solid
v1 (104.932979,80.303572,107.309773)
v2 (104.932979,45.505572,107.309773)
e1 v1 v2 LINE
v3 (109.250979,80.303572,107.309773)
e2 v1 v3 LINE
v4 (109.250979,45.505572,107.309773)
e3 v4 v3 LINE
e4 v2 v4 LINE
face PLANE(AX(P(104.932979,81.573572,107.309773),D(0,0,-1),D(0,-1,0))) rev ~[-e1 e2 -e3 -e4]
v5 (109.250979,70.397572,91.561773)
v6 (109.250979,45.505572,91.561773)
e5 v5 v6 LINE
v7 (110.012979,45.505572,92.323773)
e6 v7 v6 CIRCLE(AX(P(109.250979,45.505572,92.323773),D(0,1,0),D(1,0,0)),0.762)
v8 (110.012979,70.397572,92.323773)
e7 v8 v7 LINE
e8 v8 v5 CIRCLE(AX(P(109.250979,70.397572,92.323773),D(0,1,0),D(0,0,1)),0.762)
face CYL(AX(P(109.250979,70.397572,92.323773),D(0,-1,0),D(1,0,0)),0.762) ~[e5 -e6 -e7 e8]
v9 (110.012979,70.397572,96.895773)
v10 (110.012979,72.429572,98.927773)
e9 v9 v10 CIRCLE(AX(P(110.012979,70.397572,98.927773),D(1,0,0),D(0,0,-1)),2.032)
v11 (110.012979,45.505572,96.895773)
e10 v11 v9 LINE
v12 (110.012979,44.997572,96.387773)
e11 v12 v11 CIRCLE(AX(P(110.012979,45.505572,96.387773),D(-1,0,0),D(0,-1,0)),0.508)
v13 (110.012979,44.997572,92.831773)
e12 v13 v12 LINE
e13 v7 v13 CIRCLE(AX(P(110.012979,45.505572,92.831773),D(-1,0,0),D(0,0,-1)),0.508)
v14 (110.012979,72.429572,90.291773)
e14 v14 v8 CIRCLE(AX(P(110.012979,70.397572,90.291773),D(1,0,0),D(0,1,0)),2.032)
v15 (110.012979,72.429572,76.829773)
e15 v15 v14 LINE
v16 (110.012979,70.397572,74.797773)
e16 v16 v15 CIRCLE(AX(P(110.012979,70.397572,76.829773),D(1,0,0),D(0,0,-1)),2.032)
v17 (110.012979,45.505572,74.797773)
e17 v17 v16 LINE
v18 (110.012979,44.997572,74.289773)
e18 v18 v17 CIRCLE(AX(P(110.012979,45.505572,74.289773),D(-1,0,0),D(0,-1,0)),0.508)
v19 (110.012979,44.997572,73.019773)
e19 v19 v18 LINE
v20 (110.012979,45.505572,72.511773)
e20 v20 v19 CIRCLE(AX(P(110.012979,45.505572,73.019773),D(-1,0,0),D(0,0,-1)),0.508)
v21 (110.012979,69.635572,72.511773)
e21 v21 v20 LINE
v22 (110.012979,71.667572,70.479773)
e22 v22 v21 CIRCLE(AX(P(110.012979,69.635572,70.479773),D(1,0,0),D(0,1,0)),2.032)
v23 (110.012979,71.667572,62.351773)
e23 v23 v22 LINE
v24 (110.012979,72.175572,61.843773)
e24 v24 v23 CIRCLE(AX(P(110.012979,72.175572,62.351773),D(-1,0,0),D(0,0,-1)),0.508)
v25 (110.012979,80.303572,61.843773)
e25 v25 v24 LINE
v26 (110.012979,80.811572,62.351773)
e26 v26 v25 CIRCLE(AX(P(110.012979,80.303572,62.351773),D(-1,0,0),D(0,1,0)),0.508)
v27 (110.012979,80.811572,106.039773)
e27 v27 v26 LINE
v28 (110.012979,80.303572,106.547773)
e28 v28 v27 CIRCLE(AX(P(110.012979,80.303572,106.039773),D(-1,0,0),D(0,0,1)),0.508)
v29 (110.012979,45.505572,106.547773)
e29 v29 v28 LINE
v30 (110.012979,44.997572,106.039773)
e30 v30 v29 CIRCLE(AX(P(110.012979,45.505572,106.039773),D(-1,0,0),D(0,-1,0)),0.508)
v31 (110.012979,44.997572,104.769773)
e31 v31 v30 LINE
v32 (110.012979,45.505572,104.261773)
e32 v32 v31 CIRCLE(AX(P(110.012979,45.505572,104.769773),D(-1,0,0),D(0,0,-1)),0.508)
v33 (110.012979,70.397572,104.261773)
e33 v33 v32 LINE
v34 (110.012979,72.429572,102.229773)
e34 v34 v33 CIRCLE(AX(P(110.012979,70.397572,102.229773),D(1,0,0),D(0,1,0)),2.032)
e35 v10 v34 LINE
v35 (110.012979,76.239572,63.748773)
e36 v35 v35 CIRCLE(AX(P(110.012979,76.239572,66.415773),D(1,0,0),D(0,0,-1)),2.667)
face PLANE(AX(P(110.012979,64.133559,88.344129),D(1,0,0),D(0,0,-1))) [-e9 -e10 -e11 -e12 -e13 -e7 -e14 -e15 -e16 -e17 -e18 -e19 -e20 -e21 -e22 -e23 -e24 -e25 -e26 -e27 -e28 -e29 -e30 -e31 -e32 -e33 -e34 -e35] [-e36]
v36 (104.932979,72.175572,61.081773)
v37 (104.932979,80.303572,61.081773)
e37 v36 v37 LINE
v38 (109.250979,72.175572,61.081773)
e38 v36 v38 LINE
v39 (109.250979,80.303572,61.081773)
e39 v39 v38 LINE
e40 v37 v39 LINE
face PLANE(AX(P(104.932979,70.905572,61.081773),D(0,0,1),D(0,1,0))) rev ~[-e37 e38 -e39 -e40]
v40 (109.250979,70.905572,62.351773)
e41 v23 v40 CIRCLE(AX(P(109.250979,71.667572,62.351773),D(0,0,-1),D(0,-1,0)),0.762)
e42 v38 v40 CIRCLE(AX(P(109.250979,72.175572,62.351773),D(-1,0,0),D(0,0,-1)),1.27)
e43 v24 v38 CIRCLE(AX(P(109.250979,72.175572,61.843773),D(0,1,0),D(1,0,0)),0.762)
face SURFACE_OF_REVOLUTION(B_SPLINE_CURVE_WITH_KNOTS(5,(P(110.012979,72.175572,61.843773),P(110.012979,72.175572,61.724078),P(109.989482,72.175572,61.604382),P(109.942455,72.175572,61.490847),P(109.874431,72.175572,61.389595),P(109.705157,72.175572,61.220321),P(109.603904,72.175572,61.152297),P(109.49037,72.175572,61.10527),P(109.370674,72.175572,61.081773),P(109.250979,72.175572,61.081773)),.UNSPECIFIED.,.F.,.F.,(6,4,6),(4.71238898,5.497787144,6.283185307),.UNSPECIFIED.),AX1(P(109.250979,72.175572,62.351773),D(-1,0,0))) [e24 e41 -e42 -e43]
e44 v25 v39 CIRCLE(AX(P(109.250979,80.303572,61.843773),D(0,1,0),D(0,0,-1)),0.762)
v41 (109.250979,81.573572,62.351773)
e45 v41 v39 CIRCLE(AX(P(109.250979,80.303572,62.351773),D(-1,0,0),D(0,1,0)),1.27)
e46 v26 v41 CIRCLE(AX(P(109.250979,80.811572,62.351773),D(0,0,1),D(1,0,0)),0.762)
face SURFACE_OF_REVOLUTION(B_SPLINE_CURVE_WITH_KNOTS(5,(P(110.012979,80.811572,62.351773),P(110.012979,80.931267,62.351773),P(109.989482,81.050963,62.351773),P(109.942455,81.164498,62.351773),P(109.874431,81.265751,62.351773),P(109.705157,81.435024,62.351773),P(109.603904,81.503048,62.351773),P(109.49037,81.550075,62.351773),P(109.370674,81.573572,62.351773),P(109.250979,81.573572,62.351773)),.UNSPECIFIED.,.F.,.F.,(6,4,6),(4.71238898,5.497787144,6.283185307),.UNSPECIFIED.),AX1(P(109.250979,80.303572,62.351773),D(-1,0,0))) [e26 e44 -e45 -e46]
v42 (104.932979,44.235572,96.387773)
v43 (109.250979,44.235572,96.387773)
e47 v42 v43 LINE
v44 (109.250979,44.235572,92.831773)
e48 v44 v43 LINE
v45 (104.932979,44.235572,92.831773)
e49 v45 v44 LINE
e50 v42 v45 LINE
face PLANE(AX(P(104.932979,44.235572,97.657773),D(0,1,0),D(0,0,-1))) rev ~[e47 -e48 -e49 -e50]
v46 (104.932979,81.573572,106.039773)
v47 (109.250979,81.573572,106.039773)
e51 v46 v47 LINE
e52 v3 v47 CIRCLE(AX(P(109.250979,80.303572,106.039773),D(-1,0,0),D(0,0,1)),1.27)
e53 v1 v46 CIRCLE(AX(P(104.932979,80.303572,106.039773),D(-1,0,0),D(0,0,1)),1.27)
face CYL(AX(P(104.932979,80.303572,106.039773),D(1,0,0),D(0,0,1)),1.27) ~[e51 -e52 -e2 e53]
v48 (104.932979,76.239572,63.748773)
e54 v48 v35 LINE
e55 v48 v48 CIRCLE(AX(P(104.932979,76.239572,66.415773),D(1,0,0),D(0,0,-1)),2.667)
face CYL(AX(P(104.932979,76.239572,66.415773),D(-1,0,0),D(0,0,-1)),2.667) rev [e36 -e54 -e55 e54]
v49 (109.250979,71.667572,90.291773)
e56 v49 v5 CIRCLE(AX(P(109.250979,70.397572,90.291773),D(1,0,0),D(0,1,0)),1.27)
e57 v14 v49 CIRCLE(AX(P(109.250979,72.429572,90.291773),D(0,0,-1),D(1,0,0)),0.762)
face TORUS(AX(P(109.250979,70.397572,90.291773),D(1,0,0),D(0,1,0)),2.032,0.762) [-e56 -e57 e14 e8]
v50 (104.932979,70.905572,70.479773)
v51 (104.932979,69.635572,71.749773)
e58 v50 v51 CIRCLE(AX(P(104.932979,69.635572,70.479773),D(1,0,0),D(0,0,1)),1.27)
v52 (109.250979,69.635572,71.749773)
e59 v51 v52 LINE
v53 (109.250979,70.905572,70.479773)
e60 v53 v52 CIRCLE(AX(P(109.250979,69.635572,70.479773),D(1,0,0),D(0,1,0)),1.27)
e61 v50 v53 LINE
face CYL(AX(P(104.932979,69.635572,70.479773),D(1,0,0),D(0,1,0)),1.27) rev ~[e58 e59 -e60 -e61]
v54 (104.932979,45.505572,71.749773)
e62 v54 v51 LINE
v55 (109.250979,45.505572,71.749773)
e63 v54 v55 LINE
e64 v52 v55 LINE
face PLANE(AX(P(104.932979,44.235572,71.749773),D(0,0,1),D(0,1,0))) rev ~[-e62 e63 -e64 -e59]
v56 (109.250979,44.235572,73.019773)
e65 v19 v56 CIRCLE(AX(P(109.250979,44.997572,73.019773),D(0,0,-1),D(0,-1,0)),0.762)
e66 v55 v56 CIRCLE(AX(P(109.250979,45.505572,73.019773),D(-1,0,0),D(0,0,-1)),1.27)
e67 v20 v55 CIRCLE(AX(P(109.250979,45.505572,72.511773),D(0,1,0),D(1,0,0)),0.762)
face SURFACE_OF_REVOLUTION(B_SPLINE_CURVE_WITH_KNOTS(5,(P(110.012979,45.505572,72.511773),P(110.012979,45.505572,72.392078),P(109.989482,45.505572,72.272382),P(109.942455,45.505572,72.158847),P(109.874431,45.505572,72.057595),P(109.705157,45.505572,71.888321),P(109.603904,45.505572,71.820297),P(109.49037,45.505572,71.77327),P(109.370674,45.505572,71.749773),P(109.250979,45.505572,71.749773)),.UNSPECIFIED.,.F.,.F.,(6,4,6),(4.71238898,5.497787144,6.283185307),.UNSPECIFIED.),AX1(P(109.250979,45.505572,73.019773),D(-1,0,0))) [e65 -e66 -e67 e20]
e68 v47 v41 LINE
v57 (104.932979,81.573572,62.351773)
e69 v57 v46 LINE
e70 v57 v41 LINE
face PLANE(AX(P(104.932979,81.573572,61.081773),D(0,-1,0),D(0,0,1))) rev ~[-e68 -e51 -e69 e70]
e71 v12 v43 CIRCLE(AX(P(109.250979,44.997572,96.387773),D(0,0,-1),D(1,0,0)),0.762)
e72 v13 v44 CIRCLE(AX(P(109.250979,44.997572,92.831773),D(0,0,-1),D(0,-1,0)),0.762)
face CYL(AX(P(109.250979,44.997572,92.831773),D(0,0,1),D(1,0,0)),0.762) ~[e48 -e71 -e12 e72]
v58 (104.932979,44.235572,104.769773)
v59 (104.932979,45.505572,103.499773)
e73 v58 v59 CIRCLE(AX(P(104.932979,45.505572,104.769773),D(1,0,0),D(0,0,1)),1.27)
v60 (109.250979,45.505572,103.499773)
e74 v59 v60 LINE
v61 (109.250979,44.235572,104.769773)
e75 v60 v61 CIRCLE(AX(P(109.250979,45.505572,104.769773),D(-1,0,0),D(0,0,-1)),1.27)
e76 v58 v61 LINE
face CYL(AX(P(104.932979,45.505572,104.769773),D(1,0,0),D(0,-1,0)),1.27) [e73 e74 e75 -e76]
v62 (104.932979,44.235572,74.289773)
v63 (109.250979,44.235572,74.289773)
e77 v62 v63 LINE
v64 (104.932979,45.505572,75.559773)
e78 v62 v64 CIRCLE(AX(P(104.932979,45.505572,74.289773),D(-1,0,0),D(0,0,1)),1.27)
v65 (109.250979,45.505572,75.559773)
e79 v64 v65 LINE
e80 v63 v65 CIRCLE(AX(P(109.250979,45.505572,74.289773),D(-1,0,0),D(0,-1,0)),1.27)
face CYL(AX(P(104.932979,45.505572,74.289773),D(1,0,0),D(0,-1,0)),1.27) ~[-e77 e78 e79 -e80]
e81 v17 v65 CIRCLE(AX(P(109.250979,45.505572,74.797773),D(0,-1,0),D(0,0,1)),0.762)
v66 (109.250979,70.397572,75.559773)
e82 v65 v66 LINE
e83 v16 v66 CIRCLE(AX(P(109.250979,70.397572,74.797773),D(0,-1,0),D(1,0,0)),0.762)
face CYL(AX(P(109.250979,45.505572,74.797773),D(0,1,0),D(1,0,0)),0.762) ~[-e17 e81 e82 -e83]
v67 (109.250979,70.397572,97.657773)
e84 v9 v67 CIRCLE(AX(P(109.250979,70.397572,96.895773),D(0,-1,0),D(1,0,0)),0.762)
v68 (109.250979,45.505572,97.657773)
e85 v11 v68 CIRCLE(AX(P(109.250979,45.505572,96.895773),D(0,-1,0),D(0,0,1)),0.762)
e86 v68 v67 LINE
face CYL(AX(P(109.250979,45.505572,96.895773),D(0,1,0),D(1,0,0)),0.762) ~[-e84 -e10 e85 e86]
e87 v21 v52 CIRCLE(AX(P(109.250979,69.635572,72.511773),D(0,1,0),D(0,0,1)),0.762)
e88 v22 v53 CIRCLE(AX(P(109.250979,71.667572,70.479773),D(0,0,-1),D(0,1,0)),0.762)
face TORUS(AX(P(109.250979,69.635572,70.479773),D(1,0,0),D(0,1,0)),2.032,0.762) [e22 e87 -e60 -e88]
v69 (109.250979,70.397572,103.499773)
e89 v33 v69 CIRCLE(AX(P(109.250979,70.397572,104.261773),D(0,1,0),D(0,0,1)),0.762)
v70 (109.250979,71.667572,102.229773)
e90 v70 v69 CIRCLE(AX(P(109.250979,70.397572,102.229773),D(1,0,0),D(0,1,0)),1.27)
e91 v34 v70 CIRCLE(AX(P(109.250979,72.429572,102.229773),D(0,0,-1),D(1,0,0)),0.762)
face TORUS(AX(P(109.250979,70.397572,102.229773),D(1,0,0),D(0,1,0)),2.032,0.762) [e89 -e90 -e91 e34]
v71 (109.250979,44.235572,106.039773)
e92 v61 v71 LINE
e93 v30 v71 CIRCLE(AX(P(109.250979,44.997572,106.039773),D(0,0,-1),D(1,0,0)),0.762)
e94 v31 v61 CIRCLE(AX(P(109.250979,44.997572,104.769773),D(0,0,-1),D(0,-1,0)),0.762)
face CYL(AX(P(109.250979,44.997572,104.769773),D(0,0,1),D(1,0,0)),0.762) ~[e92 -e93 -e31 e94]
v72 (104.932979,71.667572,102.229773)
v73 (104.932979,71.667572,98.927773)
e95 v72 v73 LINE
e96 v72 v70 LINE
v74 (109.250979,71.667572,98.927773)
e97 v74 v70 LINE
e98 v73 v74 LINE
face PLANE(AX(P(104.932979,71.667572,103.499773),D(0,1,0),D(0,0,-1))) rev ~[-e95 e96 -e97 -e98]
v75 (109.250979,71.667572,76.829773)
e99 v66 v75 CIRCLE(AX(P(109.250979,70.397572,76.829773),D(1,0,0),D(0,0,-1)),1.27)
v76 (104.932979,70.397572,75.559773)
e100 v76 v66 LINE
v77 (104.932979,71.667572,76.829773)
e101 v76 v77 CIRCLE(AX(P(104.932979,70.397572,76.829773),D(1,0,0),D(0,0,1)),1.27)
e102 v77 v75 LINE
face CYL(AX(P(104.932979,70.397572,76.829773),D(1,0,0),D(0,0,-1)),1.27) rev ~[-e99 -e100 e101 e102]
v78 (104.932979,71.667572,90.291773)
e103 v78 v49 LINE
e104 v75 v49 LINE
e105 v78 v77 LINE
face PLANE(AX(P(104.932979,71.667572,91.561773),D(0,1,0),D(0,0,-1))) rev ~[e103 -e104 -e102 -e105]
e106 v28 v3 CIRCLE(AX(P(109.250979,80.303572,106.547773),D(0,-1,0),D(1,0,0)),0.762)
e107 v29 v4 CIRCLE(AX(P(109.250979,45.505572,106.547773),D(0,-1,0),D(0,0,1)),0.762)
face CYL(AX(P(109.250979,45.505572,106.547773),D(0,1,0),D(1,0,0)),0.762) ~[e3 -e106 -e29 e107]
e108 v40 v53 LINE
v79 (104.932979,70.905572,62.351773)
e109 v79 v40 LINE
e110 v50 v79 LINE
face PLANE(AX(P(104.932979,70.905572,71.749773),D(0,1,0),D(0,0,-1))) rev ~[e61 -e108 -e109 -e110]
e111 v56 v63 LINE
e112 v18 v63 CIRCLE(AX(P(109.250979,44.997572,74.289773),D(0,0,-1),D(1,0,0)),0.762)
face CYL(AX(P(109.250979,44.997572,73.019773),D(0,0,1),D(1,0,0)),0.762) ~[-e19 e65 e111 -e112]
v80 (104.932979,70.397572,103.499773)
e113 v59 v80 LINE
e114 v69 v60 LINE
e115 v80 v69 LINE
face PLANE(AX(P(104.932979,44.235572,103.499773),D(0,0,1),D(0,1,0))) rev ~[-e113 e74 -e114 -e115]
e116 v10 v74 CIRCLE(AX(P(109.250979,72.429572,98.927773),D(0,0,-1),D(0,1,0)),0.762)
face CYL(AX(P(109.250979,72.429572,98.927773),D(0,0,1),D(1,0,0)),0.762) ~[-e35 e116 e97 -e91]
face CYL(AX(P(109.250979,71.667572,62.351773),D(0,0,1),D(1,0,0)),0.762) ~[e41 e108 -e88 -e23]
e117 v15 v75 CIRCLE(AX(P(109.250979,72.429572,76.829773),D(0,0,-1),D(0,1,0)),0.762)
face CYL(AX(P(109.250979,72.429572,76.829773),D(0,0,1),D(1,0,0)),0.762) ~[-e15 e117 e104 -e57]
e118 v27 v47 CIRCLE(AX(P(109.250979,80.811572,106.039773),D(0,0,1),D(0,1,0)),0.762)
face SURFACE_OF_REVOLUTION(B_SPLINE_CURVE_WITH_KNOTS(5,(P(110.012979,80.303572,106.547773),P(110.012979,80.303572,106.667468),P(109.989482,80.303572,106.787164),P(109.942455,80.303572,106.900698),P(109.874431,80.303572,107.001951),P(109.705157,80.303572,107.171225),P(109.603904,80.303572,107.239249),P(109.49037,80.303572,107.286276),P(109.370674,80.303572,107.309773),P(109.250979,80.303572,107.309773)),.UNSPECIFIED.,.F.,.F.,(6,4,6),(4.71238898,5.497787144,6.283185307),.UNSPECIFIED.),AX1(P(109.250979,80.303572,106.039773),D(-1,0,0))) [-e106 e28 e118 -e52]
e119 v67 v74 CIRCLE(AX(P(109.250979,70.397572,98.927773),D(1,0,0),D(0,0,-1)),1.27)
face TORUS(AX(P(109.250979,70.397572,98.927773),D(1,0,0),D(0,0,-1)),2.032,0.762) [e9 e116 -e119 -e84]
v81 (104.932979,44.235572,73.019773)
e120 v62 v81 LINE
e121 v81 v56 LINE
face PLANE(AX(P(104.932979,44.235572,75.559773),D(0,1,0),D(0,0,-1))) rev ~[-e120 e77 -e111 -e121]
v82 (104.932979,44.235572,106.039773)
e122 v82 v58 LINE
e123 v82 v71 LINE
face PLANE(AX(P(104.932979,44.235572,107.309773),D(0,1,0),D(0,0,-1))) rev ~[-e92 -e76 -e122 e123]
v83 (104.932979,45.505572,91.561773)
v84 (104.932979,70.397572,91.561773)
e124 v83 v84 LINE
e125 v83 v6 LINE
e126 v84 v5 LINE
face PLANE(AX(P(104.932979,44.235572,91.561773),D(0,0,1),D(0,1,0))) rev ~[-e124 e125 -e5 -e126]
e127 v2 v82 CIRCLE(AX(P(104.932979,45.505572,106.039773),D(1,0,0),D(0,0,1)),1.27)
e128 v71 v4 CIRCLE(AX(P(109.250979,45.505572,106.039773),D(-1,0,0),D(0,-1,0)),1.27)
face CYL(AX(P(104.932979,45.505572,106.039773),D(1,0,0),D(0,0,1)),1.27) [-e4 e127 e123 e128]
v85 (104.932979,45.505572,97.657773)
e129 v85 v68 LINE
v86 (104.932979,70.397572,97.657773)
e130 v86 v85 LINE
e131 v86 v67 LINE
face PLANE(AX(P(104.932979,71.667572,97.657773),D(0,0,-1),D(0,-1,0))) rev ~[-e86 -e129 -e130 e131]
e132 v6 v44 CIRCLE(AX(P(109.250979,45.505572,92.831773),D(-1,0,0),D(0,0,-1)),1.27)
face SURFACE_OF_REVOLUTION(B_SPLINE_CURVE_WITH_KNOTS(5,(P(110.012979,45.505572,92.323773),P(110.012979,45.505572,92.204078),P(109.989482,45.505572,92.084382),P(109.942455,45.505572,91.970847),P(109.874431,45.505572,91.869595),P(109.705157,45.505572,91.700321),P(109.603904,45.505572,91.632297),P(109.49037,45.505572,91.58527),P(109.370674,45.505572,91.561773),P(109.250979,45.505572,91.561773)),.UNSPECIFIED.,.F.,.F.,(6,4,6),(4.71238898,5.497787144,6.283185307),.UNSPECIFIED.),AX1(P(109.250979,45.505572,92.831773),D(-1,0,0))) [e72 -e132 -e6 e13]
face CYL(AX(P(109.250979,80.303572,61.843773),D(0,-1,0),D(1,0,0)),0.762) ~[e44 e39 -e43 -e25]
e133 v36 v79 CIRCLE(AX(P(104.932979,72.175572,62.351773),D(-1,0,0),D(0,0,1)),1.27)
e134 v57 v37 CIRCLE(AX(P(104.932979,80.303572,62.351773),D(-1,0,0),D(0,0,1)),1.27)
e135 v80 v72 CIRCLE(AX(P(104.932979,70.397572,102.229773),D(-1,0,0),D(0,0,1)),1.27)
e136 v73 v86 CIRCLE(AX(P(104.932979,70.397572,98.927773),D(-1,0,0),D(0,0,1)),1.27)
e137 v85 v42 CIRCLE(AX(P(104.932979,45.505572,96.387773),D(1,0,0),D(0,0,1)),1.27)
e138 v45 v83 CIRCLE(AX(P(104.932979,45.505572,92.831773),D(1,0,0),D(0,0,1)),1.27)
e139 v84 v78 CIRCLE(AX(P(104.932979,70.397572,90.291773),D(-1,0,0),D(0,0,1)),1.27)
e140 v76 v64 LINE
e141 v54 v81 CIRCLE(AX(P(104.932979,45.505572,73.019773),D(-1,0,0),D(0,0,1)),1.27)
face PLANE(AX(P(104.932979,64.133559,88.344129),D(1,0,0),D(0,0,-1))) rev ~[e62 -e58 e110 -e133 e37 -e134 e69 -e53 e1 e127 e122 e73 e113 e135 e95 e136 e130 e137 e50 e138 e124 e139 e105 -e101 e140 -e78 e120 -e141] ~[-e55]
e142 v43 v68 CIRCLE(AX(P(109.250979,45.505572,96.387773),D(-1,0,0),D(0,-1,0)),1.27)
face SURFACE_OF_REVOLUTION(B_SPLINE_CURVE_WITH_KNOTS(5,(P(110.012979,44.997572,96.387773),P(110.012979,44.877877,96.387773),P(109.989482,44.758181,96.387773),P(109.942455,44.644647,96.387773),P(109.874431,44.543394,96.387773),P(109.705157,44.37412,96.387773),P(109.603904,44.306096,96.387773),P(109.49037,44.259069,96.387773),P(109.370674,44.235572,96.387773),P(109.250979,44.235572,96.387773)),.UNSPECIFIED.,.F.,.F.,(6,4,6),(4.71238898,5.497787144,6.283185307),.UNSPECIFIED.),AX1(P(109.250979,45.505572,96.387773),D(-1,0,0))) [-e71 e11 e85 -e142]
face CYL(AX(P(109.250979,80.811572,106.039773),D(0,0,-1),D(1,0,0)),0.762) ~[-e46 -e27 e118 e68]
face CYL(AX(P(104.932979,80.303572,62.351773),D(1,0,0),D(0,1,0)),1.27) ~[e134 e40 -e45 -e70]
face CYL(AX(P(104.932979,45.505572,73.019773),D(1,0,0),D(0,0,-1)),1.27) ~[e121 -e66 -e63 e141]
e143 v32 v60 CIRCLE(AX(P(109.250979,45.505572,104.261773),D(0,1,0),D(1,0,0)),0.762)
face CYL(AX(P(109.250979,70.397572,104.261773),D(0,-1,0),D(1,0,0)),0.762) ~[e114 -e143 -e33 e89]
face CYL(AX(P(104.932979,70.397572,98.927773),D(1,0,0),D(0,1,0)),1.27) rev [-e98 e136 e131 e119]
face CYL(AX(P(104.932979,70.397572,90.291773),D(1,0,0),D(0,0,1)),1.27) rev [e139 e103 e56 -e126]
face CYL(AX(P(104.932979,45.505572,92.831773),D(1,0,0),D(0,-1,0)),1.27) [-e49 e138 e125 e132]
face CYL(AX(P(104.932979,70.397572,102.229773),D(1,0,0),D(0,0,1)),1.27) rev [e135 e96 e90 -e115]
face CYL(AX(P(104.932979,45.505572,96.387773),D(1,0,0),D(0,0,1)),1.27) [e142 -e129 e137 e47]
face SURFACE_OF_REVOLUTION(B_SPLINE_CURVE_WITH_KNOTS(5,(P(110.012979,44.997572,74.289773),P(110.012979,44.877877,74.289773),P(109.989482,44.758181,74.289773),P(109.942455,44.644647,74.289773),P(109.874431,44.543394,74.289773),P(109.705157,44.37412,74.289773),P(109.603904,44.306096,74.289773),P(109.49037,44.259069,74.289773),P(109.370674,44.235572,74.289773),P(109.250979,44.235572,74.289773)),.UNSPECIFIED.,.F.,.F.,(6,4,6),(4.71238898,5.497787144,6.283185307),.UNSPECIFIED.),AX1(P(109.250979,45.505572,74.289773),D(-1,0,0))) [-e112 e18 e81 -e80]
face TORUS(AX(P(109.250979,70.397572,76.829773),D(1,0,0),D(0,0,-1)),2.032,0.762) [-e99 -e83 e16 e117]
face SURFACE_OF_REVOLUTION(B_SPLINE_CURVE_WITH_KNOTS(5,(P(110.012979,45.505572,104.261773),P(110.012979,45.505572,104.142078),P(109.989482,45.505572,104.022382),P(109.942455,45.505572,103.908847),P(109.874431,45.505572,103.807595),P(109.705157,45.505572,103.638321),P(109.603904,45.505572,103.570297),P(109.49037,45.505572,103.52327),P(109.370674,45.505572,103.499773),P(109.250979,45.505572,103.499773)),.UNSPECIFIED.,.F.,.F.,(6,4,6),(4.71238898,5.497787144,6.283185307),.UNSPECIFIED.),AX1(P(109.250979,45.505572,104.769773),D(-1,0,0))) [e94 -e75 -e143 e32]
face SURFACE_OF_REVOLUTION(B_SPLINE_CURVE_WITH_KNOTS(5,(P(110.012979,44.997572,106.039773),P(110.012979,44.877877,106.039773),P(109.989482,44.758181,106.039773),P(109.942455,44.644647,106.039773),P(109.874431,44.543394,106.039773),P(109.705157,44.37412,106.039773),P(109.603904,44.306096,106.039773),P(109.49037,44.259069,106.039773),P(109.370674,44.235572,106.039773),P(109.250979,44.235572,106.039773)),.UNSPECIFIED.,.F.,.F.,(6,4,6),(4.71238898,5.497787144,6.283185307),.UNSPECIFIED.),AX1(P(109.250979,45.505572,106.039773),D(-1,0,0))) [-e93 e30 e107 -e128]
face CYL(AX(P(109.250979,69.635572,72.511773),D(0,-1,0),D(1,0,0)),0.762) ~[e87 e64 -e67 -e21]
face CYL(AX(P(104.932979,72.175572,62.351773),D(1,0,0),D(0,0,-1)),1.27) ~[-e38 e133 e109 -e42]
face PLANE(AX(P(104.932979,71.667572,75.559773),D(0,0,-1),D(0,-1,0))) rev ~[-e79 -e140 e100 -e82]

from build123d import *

# Parameters (mm, degrees)
SKETCH2_R           = 2.667
BOSS_EXTRUDE1_DEPTH = 5.08
FILLET1_R           = 1.27
FILLET2_R           = 0.762


with BuildPart() as part:
    # Sketch2 → Boss-Extrude1 (new body)
    with BuildSketch(Plane(origin=(104.932978861, 0, 0), x_dir=(0, 0, -1), z_dir=(1, 0, 0))):
        Polygon((-107.309772969, 81.573572085), (-107.309772969, 65.825572085), (-107.309772969, 60.745572085), (-107.309772969, 44.235572085), (-103.499772969, 44.235572085), (-103.499772969, 46.775572085), (-103.499772969, 71.667572085), (-97.657772969, 71.667572085), (-97.657772969, 46.775572085), (-97.657772969, 44.235572085), (-91.561772969, 44.235572085), (-91.561772969, 46.775572085), (-91.561772969, 71.667572085), (-75.559772969, 71.667572085), (-75.559772969, 46.775572085), (-75.559772969, 44.235572085), (-71.749772969, 44.235572085), (-71.749772969, 70.905572085), (-61.081772969, 70.905572085), (-61.081772969, 81.573572085), align=None)
        with Locations((-66.415772969, 76.239572085)):
            Circle(SKETCH2_R, mode=Mode.SUBTRACT)
    extrude(amount=BOSS_EXTRUDE1_DEPTH)

    # Fillet1
    fillet1_edges = [part.edges().sort_by_distance(p)[0] for p in [
        (107.472978861, 81.573572085, 61.081772969),
        (107.472978861, 70.905572085, 61.081772969),
        (107.472978861, 70.905572085, 71.749772969),
        (107.472978861, 44.235572085, 71.749772969),
        (107.472978861, 44.235572085, 75.559772969),
        (107.472978861, 71.667572085, 75.559772969),
        (107.472978861, 71.667572085, 91.561772969),
        (107.472978861, 44.235572085, 91.561772969),
        (107.472978861, 44.235572085, 97.657772969),
        (107.472978861, 71.667572085, 97.657772969),
        (107.472978861, 71.667572085, 103.499772969),
        (107.472978861, 44.235572085, 103.499772969),
        (107.472978861, 44.235572085, 107.309772969),
        (107.472978861, 81.573572085, 107.309772969),
    ]]
    fillet(fillet1_edges, radius=FILLET1_R)

    # Fillet2
    fillet2_edges = [part.edges().sort_by_distance(p)[0] for p in [
        (110.012978861, 70.533597697, 71.377798581),
        (110.012978861, 57.570572085, 71.749772969),
        (110.012978861, 44.607546473, 72.121747356),
        (110.012978861, 44.235572085, 73.654772969),
        (110.012978861, 44.607546473, 75.187798581),
        (110.012978861, 57.951572085, 75.559772969),
        (110.012978861, 71.295597697, 75.931747356),
        (110.012978861, 71.667572085, 83.560772969),
        (110.012978861, 71.295597697, 91.189798581),
        (110.012978861, 57.951572085, 91.561772969),
        (110.012978861, 44.607546473, 91.933747356),
        (110.012978861, 44.235572085, 94.609772969),
        (110.012978861, 44.607546473, 97.285798581),
        (110.012978861, 57.951572085, 97.657772969),
        (110.012978861, 71.295597697, 98.029747356),
        (110.012978861, 71.667572085, 100.578772969),
        (110.012978861, 71.295597697, 103.127798581),
        (110.012978861, 57.951572085, 103.499772969),
        (110.012978861, 44.607546473, 103.871747356),
        (110.012978861, 44.235572085, 105.404772969),
        (110.012978861, 44.607546473, 106.937798581),
        (110.012978861, 62.904572085, 107.309772969),
        (110.012978861, 81.201597697, 106.937798581),
        (110.012978861, 81.573572085, 84.195772969),
        (110.012978861, 81.201597697, 61.453747356),
        (110.012978861, 76.239572085, 61.081772969),
        (110.012978861, 71.277546473, 61.453747356),
        (110.012978861, 70.905572085, 66.415772969),
    ]]
    fillet(fillet2_edges, radius=FILLET2_R)


solid = part.part
